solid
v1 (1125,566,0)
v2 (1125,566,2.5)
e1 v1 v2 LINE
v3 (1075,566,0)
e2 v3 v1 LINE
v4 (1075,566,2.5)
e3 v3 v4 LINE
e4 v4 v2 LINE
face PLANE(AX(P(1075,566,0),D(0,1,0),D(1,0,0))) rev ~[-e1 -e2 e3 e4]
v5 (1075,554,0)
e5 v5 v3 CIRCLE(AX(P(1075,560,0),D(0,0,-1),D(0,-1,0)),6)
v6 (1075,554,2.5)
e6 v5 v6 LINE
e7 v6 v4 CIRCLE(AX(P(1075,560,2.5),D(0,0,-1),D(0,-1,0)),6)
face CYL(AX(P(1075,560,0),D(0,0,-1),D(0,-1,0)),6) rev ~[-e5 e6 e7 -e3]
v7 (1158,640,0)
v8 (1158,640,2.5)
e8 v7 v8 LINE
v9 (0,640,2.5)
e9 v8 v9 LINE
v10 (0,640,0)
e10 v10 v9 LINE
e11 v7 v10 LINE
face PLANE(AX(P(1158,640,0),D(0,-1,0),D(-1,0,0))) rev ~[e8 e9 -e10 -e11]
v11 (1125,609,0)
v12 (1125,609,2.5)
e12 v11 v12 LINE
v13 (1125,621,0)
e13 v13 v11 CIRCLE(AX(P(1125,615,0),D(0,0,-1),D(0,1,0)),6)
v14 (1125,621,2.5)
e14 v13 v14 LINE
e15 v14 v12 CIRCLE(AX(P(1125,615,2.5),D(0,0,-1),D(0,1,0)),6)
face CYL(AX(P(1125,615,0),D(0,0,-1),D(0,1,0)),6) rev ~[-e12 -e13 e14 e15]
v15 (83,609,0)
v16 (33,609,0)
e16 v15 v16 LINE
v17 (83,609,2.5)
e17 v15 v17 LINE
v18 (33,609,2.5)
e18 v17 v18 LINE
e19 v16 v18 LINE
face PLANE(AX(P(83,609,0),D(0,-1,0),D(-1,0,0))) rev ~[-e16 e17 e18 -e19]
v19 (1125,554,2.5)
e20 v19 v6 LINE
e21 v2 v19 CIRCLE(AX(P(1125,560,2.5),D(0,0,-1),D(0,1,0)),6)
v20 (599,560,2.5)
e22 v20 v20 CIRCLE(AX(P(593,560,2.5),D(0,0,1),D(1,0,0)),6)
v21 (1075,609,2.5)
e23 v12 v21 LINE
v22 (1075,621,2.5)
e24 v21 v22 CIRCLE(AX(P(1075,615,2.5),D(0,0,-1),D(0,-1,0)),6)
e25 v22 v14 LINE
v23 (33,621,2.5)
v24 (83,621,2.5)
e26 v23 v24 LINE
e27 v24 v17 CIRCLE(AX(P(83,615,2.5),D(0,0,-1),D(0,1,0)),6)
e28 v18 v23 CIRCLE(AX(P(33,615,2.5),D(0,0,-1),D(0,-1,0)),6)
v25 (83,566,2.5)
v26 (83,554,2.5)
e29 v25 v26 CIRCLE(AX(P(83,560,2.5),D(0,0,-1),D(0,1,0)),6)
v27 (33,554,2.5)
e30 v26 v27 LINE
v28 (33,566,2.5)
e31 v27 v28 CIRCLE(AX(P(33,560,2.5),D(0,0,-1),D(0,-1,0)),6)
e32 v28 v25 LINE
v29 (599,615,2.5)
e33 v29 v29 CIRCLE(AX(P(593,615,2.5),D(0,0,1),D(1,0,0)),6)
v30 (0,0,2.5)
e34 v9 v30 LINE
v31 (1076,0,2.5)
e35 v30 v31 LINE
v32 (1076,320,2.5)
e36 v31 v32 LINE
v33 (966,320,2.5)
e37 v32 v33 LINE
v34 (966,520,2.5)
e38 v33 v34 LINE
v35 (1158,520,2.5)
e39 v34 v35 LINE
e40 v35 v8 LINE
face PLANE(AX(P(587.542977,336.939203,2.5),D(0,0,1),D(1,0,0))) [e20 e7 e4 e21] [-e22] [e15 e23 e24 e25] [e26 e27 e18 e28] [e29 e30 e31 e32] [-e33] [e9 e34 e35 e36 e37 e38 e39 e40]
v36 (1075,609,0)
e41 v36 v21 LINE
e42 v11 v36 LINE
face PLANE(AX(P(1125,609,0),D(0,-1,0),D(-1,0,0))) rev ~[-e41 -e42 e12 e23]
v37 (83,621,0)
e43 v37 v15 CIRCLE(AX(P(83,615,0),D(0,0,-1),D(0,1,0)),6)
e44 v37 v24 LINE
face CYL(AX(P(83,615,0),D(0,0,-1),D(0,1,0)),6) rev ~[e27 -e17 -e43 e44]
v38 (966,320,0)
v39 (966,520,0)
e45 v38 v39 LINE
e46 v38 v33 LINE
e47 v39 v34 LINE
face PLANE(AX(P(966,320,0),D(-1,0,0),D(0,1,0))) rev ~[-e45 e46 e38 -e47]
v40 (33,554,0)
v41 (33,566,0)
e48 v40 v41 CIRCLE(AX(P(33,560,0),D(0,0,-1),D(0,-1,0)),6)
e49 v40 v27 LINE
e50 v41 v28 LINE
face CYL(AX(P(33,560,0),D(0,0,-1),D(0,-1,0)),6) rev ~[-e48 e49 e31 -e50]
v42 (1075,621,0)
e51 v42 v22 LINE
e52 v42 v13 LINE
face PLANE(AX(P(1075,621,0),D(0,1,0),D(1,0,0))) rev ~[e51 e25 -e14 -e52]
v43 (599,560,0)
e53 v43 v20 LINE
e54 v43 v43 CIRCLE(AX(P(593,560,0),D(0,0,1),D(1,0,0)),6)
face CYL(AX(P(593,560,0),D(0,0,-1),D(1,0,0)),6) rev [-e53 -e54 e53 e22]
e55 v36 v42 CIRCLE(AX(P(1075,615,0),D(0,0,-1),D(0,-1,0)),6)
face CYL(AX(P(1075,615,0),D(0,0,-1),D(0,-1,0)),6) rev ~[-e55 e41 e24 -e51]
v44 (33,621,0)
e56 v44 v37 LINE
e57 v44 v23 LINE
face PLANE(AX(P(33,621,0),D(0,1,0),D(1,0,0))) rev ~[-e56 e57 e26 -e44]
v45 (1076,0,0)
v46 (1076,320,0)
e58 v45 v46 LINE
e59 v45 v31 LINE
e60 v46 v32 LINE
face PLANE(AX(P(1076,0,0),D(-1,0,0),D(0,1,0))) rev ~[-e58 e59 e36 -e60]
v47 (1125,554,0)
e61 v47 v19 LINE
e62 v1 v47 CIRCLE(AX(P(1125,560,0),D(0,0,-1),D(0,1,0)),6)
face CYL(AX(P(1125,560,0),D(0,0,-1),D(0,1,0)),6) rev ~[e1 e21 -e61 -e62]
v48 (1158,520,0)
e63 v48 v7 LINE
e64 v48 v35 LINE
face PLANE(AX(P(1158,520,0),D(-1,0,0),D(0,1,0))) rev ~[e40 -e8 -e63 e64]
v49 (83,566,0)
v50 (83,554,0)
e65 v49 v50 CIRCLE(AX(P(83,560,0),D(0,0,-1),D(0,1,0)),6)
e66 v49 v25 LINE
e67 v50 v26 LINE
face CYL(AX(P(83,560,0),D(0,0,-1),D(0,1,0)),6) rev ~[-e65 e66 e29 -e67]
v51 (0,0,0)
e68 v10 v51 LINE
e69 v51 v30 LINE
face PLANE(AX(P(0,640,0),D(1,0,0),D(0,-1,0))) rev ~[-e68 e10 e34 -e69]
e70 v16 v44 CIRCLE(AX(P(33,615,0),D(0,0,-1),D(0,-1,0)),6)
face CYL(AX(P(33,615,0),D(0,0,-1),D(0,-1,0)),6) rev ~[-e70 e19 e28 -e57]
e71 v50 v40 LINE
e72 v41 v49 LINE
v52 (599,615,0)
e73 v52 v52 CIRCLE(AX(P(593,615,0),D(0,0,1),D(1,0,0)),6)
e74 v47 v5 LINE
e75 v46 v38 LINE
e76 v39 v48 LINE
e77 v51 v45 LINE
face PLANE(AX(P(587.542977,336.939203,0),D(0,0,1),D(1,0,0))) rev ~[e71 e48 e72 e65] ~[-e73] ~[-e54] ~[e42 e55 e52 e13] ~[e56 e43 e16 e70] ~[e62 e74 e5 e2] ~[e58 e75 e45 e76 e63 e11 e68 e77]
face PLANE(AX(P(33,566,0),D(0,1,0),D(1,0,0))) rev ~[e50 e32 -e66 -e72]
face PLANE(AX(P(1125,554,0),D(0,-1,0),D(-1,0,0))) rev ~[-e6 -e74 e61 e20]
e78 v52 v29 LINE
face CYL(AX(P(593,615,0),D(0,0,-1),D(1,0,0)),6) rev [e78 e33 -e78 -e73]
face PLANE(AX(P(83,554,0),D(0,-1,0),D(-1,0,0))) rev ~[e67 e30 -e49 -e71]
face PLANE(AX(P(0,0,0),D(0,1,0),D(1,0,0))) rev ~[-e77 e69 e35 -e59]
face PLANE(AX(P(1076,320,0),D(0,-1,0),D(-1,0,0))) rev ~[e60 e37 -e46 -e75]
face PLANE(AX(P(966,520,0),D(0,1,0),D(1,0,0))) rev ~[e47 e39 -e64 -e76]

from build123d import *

# Parameters (mm, degrees)
F0_R     = 6
F1_DEPTH = 2.5


with BuildPart() as f1:
    # F0 (on Top) → F1 (new body)
    with BuildSketch(Plane.XY):
        Polygon((0, 640), (0, 0), (1076, 0), (1076, 320), (966, 320), (966, 520), (1158, 520), (1158, 640), align=None)
        with BuildLine():
            ThreePointArc((33, 554), (27, 560), (33, 566))
            Line((33, 566), (83, 566))
            ThreePointArc((83, 566), (89, 560), (83, 554))
            Line((83, 554), (33, 554))
        make_face(mode=Mode.SUBTRACT)
        with BuildLine():
            ThreePointArc((33, 609), (27, 615), (33, 621))
            Line((33, 621), (83, 621))
            ThreePointArc((83, 621), (89, 615), (83, 609))
            Line((83, 609), (33, 609))
        make_face(mode=Mode.SUBTRACT)
        with Locations((593, 560)):
            Circle(F0_R, mode=Mode.SUBTRACT)
        with Locations((593, 615)):
            Circle(F0_R, mode=Mode.SUBTRACT)
        with BuildLine():
            ThreePointArc((1075, 554), (1069, 560), (1075, 566))
            Line((1075, 566), (1125, 566))
            ThreePointArc((1125, 566), (1131, 560), (1125, 554))
            Line((1125, 554), (1075, 554))
        make_face(mode=Mode.SUBTRACT)
        with BuildLine():
            ThreePointArc((1075, 609), (1069, 615), (1075, 621))
            Line((1075, 621), (1125, 621))
            ThreePointArc((1125, 621), (1131, 615), (1125, 609))
            Line((1125, 609), (1075, 609))
        make_face(mode=Mode.SUBTRACT)
    extrude(amount=F1_DEPTH)


solid = f1.part
